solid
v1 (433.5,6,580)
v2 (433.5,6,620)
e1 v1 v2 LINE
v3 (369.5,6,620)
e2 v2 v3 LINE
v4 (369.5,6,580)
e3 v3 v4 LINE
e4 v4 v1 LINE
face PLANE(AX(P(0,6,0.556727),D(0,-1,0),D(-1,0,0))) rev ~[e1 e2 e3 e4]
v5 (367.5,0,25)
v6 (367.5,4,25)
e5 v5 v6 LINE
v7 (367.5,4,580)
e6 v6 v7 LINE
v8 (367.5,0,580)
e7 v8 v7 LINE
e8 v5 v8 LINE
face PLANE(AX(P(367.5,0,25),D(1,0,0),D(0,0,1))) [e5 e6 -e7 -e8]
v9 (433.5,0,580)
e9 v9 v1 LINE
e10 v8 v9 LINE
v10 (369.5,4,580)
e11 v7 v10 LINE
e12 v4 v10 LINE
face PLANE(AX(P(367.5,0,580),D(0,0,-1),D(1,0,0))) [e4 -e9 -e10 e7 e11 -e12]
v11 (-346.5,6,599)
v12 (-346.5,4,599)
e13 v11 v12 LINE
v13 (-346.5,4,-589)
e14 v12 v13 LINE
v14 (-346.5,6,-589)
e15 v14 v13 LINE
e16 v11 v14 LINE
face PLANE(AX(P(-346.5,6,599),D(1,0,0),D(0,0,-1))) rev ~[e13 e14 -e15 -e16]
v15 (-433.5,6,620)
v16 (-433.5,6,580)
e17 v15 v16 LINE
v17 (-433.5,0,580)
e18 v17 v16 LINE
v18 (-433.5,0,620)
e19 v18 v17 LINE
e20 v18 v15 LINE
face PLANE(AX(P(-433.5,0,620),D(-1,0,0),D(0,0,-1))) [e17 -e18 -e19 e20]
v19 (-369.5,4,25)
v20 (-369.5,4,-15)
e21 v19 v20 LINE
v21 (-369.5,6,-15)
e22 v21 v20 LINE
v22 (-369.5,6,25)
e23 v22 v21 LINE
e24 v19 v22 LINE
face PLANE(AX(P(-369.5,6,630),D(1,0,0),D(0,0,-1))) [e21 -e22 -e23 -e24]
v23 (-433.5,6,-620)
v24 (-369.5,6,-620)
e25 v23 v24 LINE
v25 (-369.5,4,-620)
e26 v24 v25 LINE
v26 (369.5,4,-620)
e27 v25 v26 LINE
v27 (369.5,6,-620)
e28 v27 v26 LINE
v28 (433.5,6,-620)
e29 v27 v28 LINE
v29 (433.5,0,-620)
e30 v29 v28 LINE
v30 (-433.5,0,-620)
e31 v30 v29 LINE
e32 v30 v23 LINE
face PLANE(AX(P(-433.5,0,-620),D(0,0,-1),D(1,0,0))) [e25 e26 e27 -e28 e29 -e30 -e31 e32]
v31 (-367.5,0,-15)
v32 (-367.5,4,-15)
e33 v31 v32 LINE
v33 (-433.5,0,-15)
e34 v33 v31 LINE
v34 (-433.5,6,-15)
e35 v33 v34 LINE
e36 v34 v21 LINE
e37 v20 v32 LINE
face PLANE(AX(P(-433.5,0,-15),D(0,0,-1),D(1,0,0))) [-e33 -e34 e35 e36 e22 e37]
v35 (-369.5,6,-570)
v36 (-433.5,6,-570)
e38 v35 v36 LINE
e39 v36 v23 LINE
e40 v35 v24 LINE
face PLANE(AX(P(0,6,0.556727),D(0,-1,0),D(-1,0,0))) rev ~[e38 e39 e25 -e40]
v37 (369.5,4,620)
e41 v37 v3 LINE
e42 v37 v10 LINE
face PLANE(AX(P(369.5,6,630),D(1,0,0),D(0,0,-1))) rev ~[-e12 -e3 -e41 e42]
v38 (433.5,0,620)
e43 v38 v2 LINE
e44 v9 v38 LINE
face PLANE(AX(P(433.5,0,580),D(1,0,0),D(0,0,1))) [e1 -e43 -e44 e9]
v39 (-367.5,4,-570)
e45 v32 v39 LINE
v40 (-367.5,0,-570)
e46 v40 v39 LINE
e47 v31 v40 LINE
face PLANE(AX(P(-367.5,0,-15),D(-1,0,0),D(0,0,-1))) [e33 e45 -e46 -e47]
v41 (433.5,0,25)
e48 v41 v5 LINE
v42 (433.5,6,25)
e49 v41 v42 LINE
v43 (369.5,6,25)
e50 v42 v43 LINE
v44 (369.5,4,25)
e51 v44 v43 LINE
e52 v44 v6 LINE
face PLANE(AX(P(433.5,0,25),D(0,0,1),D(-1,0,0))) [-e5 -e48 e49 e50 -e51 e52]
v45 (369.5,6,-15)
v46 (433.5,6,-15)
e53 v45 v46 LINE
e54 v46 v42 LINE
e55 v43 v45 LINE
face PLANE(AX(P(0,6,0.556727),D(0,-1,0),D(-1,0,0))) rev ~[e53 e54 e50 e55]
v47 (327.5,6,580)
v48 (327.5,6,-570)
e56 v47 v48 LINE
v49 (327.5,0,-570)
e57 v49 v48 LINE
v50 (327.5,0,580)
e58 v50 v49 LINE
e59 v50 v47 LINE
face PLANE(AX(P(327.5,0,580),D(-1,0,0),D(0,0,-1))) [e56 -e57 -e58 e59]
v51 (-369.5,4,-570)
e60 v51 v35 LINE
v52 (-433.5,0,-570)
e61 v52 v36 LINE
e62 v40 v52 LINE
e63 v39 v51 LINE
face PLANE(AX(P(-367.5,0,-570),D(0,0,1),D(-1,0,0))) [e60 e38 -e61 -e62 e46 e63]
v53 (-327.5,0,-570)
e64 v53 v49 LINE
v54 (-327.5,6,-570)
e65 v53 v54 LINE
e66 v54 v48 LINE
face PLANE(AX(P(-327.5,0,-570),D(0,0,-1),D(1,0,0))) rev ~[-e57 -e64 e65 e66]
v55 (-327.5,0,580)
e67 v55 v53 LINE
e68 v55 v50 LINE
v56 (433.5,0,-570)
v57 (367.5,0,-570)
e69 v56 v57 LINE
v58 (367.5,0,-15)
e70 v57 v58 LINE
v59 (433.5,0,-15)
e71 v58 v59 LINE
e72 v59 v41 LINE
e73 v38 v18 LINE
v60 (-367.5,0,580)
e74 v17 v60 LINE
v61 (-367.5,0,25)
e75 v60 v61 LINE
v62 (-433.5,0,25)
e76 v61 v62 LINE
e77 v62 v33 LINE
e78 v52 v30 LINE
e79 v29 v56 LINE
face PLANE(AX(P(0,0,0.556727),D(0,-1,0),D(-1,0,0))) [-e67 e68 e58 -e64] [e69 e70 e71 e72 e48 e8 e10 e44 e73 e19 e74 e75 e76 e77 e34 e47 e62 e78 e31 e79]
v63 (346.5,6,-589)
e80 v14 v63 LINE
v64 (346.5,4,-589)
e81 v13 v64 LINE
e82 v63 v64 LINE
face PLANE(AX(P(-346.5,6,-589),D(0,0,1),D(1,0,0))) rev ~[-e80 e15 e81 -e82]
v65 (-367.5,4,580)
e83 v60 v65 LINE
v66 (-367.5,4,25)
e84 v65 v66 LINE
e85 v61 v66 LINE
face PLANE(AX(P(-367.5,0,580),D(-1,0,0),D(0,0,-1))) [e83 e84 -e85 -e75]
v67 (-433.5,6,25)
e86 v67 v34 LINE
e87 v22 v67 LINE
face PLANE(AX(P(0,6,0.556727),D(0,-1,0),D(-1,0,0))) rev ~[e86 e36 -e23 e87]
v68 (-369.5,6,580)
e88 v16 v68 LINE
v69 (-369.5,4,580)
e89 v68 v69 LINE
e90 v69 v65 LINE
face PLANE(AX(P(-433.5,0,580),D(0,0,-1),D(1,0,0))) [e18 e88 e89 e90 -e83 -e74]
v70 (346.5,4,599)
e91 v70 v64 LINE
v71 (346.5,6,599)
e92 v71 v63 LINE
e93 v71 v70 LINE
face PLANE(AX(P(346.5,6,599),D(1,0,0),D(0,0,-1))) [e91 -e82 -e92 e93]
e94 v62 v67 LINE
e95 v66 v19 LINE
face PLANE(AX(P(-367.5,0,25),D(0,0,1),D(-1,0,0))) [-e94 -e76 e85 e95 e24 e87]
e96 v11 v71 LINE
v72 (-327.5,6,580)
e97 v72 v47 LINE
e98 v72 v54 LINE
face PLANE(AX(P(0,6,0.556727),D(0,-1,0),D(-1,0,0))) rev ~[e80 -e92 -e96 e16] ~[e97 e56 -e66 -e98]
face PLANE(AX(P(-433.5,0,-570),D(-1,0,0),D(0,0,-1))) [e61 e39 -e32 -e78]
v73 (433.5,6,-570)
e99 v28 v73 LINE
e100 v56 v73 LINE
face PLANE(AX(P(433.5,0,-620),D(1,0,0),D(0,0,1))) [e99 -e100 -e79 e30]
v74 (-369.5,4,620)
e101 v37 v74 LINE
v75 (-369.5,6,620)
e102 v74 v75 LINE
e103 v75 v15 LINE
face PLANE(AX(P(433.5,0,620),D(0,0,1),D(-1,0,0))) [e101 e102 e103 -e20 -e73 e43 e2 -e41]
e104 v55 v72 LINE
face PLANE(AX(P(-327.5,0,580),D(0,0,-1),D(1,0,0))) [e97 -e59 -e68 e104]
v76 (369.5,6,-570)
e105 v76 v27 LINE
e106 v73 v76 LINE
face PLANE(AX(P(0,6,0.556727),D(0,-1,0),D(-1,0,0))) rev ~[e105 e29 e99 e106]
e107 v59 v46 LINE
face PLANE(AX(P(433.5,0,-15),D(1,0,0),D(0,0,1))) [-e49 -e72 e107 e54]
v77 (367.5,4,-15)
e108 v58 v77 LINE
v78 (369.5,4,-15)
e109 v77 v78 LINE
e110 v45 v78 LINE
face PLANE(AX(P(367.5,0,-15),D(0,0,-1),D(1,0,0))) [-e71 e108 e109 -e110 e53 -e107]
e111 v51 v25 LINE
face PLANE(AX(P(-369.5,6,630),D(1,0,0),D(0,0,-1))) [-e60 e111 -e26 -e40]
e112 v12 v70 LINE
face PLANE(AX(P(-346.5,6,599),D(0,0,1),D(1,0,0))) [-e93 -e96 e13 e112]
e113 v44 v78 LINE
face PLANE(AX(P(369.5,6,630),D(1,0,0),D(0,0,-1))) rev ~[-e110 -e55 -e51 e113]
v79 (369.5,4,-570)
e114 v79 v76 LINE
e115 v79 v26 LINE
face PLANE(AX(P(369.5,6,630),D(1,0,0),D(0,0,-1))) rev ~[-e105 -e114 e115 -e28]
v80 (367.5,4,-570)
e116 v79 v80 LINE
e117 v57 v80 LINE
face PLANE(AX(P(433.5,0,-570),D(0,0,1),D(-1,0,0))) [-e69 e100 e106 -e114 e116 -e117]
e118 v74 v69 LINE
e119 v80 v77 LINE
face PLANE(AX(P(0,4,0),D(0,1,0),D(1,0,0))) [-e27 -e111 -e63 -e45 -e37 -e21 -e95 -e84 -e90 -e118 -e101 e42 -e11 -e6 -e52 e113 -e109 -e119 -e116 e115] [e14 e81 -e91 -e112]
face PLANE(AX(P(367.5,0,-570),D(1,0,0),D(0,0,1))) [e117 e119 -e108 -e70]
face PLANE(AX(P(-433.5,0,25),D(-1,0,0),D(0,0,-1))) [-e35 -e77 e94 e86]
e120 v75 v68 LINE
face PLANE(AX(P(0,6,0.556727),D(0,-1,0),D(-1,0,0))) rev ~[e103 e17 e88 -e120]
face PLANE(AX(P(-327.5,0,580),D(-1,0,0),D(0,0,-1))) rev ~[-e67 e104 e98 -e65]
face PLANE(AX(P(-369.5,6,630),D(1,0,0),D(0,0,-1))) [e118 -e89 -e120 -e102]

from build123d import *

# Parameters (mm, degrees)
SKETCH1_W           = 655
SKETCH1_H           = 1150
BOSS_EXTRUDE1_DEPTH = 6
SKETCH2_W           = 739
SKETCH2_H           = 1260
SKETCH2_W_2         = 693
SKETCH2_H_2         = 1188
CUT_EXTRUDE1_DEPTH  = 2


with BuildPart() as part:
    # Sketch1 → Boss-Extrude1 (new body)
    with BuildSketch(Plane(origin=(0, 0, 0), x_dir=(1, 0, 0), z_dir=(0, 1, 0))):
        Polygon((-433.5, 620), (433.5, 620), (433.5, 570), (367.5, 570), (367.5, 15), (433.5, 15), (433.5, -25), (367.5, -25), (367.5, -580), (433.5, -580), (433.5, -620), (-433.5, -620), (-433.5, -580), (-367.5, -580), (-367.5, -25), (-433.5, -25), (-433.5, 15), (-367.5, 15), (-367.5, 570), (-433.5, 570), align=None)
        with Locations((0, -5)):
            Rectangle(SKETCH1_W, SKETCH1_H, mode=Mode.SUBTRACT)
    extrude(amount=BOSS_EXTRUDE1_DEPTH)

    # Sketch2 → Cut-Extrude1 (cut)
    with BuildSketch(Plane(origin=(0, 6, 0), x_dir=(1, 0, 0), z_dir=(0, 1, 0))):
        Rectangle(SKETCH2_W, SKETCH2_H)
        with Locations((0, -5)):
            Rectangle(SKETCH2_W_2, SKETCH2_H_2, mode=Mode.SUBTRACT)
    extrude(amount=-CUT_EXTRUDE1_DEPTH, mode=Mode.SUBTRACT)


solid = part.part
